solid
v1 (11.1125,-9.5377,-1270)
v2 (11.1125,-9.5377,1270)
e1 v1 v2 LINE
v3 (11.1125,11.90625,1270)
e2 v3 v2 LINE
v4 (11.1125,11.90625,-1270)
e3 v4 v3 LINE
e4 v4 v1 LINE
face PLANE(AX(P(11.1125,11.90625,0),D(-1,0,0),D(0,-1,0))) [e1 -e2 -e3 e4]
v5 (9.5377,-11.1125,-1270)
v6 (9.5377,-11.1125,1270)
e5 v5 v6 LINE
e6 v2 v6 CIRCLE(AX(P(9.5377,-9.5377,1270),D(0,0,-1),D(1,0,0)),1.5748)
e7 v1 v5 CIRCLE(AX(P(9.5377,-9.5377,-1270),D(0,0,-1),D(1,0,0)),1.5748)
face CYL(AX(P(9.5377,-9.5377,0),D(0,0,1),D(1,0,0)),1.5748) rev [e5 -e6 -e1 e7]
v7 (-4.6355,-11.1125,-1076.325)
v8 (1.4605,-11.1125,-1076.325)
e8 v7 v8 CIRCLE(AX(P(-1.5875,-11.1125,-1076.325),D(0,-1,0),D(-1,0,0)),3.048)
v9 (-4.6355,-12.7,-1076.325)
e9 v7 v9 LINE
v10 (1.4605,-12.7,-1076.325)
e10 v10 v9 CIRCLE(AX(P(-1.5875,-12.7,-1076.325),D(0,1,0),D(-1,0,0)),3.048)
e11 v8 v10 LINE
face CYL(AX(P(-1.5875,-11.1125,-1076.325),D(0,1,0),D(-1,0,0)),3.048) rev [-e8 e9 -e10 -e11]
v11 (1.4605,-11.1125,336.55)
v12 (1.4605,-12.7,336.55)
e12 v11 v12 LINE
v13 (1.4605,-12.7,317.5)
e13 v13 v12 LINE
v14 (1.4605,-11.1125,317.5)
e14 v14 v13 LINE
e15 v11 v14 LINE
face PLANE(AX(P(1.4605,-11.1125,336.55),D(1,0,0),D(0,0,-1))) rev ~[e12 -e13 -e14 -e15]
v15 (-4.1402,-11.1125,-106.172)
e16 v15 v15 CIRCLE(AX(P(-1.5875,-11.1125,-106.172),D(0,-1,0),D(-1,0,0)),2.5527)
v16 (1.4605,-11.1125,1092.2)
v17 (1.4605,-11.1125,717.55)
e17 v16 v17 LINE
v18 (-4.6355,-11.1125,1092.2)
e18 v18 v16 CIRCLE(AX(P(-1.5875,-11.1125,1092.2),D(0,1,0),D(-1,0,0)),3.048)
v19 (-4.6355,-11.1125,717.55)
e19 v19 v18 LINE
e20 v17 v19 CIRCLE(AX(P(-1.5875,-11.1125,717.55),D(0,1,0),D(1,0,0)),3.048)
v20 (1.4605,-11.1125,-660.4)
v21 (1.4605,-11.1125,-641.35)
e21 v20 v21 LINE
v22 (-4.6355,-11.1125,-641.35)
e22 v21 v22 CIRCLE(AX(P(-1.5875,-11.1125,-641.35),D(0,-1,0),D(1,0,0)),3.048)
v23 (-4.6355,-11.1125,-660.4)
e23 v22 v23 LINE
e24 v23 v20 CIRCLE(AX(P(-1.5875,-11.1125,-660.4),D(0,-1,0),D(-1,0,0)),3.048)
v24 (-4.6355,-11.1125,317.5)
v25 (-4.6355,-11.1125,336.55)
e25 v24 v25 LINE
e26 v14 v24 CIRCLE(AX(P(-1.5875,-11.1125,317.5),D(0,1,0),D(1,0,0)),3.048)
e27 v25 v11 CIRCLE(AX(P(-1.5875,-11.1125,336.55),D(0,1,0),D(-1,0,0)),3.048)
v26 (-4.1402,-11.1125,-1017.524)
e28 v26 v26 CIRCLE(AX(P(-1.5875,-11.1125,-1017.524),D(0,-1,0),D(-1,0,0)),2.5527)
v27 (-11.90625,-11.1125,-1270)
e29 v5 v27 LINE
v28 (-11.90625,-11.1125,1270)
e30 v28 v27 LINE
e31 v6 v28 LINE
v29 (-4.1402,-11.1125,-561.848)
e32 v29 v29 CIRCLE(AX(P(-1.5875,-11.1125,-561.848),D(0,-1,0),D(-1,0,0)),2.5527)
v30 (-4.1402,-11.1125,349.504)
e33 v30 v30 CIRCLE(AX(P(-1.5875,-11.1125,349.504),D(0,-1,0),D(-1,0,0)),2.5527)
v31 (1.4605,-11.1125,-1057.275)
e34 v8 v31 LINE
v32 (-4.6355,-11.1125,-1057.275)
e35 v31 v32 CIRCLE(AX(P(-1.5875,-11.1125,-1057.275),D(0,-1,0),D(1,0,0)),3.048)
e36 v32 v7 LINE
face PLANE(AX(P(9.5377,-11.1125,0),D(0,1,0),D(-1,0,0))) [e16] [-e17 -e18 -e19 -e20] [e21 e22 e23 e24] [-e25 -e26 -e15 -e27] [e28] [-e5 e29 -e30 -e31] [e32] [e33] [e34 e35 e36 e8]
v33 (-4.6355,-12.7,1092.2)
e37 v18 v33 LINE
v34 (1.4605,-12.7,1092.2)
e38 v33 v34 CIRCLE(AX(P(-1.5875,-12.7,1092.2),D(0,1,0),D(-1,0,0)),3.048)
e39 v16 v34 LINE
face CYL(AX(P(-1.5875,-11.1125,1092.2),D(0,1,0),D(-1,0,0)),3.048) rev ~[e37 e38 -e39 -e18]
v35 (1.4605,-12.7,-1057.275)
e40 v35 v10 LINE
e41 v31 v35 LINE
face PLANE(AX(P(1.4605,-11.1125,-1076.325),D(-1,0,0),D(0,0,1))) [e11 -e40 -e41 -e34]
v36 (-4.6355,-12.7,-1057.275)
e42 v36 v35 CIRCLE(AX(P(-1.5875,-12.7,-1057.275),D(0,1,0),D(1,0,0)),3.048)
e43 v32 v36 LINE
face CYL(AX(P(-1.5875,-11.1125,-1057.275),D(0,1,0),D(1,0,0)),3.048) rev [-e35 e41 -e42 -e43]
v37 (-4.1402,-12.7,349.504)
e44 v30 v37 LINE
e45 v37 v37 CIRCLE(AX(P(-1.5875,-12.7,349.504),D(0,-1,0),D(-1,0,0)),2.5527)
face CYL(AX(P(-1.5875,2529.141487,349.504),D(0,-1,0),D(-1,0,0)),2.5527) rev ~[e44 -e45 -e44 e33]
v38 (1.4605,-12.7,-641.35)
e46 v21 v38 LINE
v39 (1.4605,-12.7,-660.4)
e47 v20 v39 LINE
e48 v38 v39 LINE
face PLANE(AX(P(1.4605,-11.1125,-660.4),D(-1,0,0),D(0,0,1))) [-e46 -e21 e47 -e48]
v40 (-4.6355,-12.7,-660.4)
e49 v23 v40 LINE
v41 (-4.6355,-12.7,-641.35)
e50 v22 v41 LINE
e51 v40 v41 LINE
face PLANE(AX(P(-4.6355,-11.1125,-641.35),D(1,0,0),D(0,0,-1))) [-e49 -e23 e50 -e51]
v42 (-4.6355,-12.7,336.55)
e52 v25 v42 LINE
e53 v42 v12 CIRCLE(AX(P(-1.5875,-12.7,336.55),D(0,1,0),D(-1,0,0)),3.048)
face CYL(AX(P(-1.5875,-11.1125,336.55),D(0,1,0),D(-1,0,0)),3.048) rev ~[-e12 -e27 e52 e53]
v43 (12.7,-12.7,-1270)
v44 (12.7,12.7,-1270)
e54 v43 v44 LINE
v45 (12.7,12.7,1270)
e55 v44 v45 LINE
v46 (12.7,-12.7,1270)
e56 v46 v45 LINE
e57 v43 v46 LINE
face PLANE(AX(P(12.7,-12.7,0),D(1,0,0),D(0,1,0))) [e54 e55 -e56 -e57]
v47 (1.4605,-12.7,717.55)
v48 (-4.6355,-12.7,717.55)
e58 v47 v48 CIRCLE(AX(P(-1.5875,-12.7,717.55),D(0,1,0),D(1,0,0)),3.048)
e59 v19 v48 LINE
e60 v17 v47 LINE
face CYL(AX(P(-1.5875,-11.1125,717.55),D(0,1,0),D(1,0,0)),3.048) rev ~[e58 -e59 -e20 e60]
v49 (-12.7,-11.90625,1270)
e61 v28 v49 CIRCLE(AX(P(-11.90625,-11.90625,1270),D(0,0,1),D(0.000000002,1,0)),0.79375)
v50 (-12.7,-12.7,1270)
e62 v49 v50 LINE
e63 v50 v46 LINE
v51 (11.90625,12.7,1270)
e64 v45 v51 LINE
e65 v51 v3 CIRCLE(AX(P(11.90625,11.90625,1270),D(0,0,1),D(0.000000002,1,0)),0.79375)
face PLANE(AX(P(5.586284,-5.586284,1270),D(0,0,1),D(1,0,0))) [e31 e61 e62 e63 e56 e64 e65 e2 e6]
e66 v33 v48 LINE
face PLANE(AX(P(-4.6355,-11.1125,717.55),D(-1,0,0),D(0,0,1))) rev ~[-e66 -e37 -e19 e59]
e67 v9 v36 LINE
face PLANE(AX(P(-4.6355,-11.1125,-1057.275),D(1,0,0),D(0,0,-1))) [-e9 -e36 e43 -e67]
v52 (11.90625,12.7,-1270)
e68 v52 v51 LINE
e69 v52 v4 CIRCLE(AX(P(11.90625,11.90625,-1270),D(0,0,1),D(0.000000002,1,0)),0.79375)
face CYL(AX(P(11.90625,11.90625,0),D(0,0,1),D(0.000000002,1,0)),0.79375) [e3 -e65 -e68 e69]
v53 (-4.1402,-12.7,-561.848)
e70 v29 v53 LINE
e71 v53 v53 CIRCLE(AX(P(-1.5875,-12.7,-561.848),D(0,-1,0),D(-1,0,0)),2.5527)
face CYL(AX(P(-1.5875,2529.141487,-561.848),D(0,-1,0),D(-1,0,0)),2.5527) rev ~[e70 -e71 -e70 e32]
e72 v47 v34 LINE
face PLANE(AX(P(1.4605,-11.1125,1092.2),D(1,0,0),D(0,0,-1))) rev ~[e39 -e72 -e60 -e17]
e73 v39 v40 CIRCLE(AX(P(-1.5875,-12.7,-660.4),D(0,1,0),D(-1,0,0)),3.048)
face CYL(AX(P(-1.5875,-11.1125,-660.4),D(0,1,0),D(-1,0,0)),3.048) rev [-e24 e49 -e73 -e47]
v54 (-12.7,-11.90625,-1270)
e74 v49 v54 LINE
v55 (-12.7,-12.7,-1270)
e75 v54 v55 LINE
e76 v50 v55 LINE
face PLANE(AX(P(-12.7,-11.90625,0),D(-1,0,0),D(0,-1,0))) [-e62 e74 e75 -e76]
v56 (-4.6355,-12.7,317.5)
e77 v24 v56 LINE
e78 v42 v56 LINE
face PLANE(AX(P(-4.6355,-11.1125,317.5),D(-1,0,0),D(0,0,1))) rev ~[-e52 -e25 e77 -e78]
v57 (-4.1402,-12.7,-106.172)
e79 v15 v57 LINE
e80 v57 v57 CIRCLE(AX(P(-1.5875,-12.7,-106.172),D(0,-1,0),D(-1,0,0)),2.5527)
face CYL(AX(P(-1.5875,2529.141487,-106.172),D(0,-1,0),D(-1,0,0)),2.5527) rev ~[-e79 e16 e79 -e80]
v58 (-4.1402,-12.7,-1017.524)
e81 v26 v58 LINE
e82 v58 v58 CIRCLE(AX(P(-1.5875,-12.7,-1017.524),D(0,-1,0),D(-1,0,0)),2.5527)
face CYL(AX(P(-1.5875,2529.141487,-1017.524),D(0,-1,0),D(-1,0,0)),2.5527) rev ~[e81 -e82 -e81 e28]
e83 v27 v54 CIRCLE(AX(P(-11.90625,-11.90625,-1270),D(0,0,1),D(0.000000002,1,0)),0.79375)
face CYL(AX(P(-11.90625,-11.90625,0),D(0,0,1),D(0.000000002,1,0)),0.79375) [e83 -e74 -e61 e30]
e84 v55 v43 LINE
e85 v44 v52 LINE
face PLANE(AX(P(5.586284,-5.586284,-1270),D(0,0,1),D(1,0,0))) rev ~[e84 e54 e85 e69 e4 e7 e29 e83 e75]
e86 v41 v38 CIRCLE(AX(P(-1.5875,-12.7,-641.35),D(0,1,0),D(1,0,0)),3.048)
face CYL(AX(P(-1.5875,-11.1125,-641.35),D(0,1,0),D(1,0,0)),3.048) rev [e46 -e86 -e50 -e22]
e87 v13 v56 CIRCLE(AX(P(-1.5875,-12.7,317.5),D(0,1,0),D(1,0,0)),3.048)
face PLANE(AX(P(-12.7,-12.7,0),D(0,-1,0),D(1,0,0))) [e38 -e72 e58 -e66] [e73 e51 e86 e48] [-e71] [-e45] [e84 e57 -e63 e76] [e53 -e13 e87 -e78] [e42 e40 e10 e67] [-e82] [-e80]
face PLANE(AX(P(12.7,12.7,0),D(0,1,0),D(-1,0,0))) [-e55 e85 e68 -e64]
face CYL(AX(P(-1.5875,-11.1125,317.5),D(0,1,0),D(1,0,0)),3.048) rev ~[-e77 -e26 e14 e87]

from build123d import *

# Parameters (mm, degrees)
BOSS_EXTRUDE1_DEPTH     = 1270
F_1_4_20_TAPPED_HOLE1_D = 5.1054
CUT_EXTRUDE1_DEPTH      = 2.5875


with BuildPart() as part:
    # Sketch2 → Boss-Extrude1 (new body, symmetric)
    with BuildSketch(Plane.XY):
        with BuildLine():
            Line((-12.7, -12.7), (12.7, -12.7))
            Line((12.7, -12.7), (12.7, 12.7))
            Line((12.7, 12.7), (11.90625, 12.7))
            ThreePointArc((11.90625, 12.7), (11.344983992, 12.467516008), (11.1125, 11.90625))
            Line((11.1125, 11.90625), (11.1125, -9.5377))
            ThreePointArc((11.1125, -9.5377), (10.651251759, -10.651251759), (9.5377, -11.1125))
            Line((9.5377, -11.1125), (-11.90625, -11.1125))
            ThreePointArc((-11.90625, -11.1125), (-12.467516008, -11.344983992), (-12.7, -11.90625))
            Line((-12.7, -11.90625), (-12.7, -12.7))
        make_face()
    extrude(amount=BOSS_EXTRUDE1_DEPTH, both=True)

    # 1/4-20 Tapped Hole1 (through all)
    with Locations(Plane(origin=(0, -11.1125, 0), x_dir=(1, 0, 0), z_dir=(0, 1, 0))):
        with Locations((-1.5875, -349.504), (-1.5875, 106.172), (-1.5875, 1017.524), (-1.5875, 561.848)):
            Hole(F_1_4_20_TAPPED_HOLE1_D / 2)

    # Sketch5 → Cut-Extrude1 (cut, through all)
    with BuildSketch(Plane(origin=(0, -11.1125, 0), x_dir=(1, 0, 0), z_dir=(0, 1, 0))):
        with BuildLine():
            Line((-4.6355, 1057.275), (-4.6355, 1076.325))
            ThreePointArc((-4.6355, 1076.325), (-1.5875, 1079.373), (1.4605, 1076.325))
            Line((1.4605, 1076.325), (1.4605, 1057.275))
            ThreePointArc((1.4605, 1057.275), (-1.5875, 1054.227), (-4.6355, 1057.275))
        make_face()
        with BuildLine():
            Line((1.4605, 660.4), (1.4605, 641.35))
            ThreePointArc((1.4605, 641.35), (-1.5875, 638.302), (-4.6355, 641.35))
            Line((-4.6355, 641.35), (-4.6355, 660.4))
            ThreePointArc((-4.6355, 660.4), (-1.5875, 663.448), (1.4605, 660.4))
        make_face()
        with BuildLine():
            Line((1.4605, -336.55), (1.4605, -317.5))
            ThreePointArc((1.4605, -317.5), (-1.5875, -314.452), (-4.6355, -317.5))
            Line((-4.6355, -317.5), (-4.6355, -336.55))
            ThreePointArc((-4.6355, -336.55), (-1.5875, -339.598), (1.4605, -336.55))
        make_face()
        with BuildLine():
            Line((-4.6355, -717.55), (-4.6355, -1092.2))
            ThreePointArc((-4.6355, -1092.2), (-1.5875, -1095.248), (1.4605, -1092.2))
            Line((1.4605, -1092.2), (1.4605, -717.55))
            ThreePointArc((1.4605, -717.55), (-1.5875, -714.502), (-4.6355, -717.55))
        make_face()
    extrude(amount=-CUT_EXTRUDE1_DEPTH, mode=Mode.SUBTRACT)


solid = part.part
